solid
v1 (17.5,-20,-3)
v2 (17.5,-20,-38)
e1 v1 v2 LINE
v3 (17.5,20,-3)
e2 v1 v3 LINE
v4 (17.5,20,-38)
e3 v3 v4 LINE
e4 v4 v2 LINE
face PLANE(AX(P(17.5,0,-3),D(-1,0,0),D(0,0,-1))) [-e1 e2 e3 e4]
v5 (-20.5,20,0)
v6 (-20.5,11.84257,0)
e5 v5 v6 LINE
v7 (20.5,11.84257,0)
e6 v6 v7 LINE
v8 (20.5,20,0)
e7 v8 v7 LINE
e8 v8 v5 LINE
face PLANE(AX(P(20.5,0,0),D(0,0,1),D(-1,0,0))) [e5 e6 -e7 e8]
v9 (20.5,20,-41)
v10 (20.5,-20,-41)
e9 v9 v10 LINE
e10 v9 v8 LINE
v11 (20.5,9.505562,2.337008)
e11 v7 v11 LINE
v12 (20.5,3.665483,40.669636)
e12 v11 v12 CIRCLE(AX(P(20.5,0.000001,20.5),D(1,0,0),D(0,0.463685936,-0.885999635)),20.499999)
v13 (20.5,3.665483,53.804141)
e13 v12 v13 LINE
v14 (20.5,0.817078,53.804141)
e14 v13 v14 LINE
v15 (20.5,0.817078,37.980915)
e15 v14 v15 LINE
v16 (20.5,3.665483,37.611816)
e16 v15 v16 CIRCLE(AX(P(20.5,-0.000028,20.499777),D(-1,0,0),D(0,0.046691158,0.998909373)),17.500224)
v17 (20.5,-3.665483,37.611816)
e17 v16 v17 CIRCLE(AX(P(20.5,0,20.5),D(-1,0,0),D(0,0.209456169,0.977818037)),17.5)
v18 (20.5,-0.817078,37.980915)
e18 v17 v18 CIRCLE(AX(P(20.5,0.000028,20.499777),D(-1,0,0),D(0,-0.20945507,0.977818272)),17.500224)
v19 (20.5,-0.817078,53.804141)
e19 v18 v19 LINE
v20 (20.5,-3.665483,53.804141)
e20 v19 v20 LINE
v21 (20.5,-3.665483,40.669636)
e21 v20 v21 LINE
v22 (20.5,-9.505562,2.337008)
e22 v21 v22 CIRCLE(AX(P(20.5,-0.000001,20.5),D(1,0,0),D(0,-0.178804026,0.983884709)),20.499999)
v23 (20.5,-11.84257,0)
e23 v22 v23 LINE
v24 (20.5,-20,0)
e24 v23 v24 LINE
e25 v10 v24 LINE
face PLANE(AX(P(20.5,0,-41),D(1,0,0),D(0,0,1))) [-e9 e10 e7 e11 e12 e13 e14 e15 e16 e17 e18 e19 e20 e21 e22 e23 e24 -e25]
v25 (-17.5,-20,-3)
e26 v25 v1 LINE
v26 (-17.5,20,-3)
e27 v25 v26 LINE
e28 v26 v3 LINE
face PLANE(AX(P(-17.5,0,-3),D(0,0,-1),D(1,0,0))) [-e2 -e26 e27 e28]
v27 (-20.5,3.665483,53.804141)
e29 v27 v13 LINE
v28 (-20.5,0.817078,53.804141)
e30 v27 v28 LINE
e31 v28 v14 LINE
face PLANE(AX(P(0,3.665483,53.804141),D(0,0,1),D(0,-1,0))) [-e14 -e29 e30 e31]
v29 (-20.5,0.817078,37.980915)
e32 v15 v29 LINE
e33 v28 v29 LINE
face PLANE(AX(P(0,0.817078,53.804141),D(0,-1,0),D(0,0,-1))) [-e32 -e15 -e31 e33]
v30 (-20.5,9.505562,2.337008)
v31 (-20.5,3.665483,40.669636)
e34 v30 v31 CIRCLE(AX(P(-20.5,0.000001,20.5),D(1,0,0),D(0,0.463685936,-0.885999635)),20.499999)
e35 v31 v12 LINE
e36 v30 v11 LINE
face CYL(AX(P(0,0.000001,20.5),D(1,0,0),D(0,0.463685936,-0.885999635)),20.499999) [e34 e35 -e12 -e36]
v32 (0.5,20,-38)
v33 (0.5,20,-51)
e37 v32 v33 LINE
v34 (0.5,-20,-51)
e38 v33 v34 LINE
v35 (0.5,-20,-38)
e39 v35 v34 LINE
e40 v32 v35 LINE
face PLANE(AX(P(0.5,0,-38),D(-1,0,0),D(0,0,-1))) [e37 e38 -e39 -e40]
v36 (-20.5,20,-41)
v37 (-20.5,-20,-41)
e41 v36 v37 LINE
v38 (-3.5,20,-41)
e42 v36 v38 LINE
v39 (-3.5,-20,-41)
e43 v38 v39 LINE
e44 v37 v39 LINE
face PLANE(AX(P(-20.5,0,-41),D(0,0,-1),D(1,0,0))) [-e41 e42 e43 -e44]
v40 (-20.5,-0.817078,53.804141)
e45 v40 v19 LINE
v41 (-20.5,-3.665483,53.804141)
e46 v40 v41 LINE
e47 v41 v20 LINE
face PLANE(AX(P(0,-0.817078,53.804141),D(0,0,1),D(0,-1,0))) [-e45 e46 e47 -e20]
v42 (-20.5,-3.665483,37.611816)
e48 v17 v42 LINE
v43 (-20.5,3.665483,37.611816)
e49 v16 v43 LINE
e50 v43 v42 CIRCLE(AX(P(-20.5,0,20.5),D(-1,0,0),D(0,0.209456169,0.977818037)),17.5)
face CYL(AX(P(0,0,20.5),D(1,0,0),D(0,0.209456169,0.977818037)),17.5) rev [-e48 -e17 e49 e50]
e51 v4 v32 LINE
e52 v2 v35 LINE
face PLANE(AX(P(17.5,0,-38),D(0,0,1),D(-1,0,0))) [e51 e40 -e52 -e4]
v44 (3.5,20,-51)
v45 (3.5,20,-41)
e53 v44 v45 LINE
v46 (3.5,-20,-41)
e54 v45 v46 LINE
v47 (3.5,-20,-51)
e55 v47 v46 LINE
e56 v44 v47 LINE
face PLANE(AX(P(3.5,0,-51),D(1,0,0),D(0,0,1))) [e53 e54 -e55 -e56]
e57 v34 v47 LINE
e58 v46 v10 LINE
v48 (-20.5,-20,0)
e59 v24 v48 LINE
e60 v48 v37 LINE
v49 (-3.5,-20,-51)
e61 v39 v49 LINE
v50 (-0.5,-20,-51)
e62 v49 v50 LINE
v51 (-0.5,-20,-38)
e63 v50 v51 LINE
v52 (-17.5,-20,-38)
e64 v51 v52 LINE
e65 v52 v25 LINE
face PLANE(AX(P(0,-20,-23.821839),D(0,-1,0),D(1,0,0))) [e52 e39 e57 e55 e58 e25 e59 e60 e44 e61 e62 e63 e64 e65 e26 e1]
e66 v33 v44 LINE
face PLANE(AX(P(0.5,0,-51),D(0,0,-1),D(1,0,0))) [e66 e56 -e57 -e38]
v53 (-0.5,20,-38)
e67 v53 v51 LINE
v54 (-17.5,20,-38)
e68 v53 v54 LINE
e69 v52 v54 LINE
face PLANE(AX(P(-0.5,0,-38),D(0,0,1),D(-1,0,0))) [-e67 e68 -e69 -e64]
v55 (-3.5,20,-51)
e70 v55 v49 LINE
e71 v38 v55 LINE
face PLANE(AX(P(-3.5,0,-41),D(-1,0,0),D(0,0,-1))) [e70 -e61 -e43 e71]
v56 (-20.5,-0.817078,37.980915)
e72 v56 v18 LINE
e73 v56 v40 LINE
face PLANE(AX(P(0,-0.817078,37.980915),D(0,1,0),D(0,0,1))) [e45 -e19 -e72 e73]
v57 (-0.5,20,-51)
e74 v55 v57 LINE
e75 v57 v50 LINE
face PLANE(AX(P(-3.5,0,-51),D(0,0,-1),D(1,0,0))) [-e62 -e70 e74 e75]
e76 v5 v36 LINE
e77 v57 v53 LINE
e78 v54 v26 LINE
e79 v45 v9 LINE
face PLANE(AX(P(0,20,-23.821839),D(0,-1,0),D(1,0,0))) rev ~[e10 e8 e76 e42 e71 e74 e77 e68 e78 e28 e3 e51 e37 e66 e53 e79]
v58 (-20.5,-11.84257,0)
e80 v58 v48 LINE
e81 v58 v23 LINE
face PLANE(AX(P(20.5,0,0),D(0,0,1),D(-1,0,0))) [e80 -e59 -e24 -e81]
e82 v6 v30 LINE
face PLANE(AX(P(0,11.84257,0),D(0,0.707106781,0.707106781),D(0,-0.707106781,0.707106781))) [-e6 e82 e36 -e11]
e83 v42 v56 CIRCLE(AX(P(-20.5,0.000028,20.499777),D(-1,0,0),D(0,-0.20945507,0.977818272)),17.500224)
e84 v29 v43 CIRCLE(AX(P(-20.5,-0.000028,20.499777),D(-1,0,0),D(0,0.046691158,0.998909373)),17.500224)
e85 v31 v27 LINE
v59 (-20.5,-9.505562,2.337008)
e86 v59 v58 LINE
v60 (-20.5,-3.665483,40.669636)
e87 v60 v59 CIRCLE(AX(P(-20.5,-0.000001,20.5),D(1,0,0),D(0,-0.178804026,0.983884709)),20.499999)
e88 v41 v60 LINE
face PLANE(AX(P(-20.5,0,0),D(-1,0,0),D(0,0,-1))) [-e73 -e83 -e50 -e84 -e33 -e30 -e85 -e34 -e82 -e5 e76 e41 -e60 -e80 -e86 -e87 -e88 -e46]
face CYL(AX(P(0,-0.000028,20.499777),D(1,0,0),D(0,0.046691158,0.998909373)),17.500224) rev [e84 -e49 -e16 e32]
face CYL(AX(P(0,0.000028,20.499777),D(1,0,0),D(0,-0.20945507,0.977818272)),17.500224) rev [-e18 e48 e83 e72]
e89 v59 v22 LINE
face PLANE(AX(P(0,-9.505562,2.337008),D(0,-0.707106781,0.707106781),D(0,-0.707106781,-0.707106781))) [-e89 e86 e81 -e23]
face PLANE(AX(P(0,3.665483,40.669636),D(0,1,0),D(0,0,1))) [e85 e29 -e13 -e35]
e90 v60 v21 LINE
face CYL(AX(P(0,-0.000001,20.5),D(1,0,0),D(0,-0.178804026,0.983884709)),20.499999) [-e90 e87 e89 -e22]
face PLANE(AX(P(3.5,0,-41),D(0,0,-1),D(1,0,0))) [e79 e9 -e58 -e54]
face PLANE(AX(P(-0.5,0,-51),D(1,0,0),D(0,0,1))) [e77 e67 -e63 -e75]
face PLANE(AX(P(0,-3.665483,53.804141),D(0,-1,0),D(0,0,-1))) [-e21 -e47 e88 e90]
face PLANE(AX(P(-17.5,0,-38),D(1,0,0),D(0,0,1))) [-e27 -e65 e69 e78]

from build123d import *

# Parameters (mm, degrees)
F1_DEPTH = 20
F3_DEPTH = 20.5


with BuildPart() as f1:
    # F0 (on Front) → F1 (new body, symmetric)
    with BuildSketch(Plane.XZ):
        Polygon((17.5, -3), (17.5, -38), (0.5, -38), (0.5, -51), (3.5, -51), (3.5, -41), (20.5, -41), (20.5, 0), (-20.5, 0), (-20.5, -41), (-3.5, -41), (-3.5, -51), (-0.5, -51), (-0.5, -38), (-17.5, -38), (-17.5, -3), align=None)
    extrude(amount=F1_DEPTH, both=True)

    # F2 (on Right) → F3 (join, symmetric)
    with BuildSketch(Plane.YZ):
        with BuildLine():
            ThreePointArc((-3.665483, 37.611816), (-2.248865, 37.854901), (-0.817078, 37.980915))
            Line((-0.817078, 37.980915), (-0.817078, 40.98371))
            ThreePointArc((-0.817078, 40.98371), (-2.246775, 40.876506), (-3.665483, 40.669636))
            Line((-3.665483, 40.669636), (-3.665483, 37.611816))
        make_face()
        with BuildLine():
            ThreePointArc((3.665483, 37.611816), (0, 3), (-3.665483, 37.611816))
            Line((-3.665483, 37.611816), (-3.665483, 40.669636))
            ThreePointArc((-3.665483, 40.669636), (-20.266147, 23.587602), (-9.505562, 2.337008))
            ThreePointArc((-9.505562, 2.337008), (-4.894316, 0.592824), (0, 0))
            ThreePointArc((0, 0), (4.894316, 0.592824), (9.505562, 2.337008))
            ThreePointArc((9.505562, 2.337008), (20.266147, 23.587602), (3.665483, 40.669636))
            Line((3.665483, 40.669636), (3.665483, 37.611816))
        make_face()
        with BuildLine():
            ThreePointArc((-3.665483, 40.669636), (-2.246775, 40.876506), (-0.817078, 40.98371))
            Line((-0.817078, 40.98371), (-0.817078, 53.804141))
            Line((-0.817078, 53.804141), (-3.665483, 53.804141))
            Line((-3.665483, 53.804141), (-3.665483, 40.669636))
        make_face()
        with BuildLine():
            ThreePointArc((0.817078, 37.980915), (2.248865, 37.854901), (3.665483, 37.611816))
            Line((3.665483, 37.611816), (3.665483, 40.669636))
            ThreePointArc((3.665483, 40.669636), (2.246775, 40.876506), (0.817078, 40.98371))
            Line((0.817078, 40.98371), (0.817078, 37.980915))
        make_face()
        with BuildLine():
            ThreePointArc((0.817078, 40.98371), (2.246775, 40.876506), (3.665483, 40.669636))
            Line((3.665483, 40.669636), (3.665483, 53.804141))
            Line((3.665483, 53.804141), (0.817078, 53.804141))
            Line((0.817078, 53.804141), (0.817078, 40.98371))
        make_face()
        with BuildLine():
            ThreePointArc((0, 0), (-4.894316, 0.592824), (-9.505562, 2.337008))
            Line((-9.505562, 2.337008), (-11.84257, 0))
            Line((-11.84257, 0), (0, 0))
        make_face()
        with BuildLine():
            Line((11.84257, 0), (9.505562, 2.337008))
            ThreePointArc((9.505562, 2.337008), (4.894316, 0.592824), (0, 0))
            Line((0, 0), (11.84257, 0))
        make_face()
    extrude(amount=F3_DEPTH, both=True)


solid = f1.part
